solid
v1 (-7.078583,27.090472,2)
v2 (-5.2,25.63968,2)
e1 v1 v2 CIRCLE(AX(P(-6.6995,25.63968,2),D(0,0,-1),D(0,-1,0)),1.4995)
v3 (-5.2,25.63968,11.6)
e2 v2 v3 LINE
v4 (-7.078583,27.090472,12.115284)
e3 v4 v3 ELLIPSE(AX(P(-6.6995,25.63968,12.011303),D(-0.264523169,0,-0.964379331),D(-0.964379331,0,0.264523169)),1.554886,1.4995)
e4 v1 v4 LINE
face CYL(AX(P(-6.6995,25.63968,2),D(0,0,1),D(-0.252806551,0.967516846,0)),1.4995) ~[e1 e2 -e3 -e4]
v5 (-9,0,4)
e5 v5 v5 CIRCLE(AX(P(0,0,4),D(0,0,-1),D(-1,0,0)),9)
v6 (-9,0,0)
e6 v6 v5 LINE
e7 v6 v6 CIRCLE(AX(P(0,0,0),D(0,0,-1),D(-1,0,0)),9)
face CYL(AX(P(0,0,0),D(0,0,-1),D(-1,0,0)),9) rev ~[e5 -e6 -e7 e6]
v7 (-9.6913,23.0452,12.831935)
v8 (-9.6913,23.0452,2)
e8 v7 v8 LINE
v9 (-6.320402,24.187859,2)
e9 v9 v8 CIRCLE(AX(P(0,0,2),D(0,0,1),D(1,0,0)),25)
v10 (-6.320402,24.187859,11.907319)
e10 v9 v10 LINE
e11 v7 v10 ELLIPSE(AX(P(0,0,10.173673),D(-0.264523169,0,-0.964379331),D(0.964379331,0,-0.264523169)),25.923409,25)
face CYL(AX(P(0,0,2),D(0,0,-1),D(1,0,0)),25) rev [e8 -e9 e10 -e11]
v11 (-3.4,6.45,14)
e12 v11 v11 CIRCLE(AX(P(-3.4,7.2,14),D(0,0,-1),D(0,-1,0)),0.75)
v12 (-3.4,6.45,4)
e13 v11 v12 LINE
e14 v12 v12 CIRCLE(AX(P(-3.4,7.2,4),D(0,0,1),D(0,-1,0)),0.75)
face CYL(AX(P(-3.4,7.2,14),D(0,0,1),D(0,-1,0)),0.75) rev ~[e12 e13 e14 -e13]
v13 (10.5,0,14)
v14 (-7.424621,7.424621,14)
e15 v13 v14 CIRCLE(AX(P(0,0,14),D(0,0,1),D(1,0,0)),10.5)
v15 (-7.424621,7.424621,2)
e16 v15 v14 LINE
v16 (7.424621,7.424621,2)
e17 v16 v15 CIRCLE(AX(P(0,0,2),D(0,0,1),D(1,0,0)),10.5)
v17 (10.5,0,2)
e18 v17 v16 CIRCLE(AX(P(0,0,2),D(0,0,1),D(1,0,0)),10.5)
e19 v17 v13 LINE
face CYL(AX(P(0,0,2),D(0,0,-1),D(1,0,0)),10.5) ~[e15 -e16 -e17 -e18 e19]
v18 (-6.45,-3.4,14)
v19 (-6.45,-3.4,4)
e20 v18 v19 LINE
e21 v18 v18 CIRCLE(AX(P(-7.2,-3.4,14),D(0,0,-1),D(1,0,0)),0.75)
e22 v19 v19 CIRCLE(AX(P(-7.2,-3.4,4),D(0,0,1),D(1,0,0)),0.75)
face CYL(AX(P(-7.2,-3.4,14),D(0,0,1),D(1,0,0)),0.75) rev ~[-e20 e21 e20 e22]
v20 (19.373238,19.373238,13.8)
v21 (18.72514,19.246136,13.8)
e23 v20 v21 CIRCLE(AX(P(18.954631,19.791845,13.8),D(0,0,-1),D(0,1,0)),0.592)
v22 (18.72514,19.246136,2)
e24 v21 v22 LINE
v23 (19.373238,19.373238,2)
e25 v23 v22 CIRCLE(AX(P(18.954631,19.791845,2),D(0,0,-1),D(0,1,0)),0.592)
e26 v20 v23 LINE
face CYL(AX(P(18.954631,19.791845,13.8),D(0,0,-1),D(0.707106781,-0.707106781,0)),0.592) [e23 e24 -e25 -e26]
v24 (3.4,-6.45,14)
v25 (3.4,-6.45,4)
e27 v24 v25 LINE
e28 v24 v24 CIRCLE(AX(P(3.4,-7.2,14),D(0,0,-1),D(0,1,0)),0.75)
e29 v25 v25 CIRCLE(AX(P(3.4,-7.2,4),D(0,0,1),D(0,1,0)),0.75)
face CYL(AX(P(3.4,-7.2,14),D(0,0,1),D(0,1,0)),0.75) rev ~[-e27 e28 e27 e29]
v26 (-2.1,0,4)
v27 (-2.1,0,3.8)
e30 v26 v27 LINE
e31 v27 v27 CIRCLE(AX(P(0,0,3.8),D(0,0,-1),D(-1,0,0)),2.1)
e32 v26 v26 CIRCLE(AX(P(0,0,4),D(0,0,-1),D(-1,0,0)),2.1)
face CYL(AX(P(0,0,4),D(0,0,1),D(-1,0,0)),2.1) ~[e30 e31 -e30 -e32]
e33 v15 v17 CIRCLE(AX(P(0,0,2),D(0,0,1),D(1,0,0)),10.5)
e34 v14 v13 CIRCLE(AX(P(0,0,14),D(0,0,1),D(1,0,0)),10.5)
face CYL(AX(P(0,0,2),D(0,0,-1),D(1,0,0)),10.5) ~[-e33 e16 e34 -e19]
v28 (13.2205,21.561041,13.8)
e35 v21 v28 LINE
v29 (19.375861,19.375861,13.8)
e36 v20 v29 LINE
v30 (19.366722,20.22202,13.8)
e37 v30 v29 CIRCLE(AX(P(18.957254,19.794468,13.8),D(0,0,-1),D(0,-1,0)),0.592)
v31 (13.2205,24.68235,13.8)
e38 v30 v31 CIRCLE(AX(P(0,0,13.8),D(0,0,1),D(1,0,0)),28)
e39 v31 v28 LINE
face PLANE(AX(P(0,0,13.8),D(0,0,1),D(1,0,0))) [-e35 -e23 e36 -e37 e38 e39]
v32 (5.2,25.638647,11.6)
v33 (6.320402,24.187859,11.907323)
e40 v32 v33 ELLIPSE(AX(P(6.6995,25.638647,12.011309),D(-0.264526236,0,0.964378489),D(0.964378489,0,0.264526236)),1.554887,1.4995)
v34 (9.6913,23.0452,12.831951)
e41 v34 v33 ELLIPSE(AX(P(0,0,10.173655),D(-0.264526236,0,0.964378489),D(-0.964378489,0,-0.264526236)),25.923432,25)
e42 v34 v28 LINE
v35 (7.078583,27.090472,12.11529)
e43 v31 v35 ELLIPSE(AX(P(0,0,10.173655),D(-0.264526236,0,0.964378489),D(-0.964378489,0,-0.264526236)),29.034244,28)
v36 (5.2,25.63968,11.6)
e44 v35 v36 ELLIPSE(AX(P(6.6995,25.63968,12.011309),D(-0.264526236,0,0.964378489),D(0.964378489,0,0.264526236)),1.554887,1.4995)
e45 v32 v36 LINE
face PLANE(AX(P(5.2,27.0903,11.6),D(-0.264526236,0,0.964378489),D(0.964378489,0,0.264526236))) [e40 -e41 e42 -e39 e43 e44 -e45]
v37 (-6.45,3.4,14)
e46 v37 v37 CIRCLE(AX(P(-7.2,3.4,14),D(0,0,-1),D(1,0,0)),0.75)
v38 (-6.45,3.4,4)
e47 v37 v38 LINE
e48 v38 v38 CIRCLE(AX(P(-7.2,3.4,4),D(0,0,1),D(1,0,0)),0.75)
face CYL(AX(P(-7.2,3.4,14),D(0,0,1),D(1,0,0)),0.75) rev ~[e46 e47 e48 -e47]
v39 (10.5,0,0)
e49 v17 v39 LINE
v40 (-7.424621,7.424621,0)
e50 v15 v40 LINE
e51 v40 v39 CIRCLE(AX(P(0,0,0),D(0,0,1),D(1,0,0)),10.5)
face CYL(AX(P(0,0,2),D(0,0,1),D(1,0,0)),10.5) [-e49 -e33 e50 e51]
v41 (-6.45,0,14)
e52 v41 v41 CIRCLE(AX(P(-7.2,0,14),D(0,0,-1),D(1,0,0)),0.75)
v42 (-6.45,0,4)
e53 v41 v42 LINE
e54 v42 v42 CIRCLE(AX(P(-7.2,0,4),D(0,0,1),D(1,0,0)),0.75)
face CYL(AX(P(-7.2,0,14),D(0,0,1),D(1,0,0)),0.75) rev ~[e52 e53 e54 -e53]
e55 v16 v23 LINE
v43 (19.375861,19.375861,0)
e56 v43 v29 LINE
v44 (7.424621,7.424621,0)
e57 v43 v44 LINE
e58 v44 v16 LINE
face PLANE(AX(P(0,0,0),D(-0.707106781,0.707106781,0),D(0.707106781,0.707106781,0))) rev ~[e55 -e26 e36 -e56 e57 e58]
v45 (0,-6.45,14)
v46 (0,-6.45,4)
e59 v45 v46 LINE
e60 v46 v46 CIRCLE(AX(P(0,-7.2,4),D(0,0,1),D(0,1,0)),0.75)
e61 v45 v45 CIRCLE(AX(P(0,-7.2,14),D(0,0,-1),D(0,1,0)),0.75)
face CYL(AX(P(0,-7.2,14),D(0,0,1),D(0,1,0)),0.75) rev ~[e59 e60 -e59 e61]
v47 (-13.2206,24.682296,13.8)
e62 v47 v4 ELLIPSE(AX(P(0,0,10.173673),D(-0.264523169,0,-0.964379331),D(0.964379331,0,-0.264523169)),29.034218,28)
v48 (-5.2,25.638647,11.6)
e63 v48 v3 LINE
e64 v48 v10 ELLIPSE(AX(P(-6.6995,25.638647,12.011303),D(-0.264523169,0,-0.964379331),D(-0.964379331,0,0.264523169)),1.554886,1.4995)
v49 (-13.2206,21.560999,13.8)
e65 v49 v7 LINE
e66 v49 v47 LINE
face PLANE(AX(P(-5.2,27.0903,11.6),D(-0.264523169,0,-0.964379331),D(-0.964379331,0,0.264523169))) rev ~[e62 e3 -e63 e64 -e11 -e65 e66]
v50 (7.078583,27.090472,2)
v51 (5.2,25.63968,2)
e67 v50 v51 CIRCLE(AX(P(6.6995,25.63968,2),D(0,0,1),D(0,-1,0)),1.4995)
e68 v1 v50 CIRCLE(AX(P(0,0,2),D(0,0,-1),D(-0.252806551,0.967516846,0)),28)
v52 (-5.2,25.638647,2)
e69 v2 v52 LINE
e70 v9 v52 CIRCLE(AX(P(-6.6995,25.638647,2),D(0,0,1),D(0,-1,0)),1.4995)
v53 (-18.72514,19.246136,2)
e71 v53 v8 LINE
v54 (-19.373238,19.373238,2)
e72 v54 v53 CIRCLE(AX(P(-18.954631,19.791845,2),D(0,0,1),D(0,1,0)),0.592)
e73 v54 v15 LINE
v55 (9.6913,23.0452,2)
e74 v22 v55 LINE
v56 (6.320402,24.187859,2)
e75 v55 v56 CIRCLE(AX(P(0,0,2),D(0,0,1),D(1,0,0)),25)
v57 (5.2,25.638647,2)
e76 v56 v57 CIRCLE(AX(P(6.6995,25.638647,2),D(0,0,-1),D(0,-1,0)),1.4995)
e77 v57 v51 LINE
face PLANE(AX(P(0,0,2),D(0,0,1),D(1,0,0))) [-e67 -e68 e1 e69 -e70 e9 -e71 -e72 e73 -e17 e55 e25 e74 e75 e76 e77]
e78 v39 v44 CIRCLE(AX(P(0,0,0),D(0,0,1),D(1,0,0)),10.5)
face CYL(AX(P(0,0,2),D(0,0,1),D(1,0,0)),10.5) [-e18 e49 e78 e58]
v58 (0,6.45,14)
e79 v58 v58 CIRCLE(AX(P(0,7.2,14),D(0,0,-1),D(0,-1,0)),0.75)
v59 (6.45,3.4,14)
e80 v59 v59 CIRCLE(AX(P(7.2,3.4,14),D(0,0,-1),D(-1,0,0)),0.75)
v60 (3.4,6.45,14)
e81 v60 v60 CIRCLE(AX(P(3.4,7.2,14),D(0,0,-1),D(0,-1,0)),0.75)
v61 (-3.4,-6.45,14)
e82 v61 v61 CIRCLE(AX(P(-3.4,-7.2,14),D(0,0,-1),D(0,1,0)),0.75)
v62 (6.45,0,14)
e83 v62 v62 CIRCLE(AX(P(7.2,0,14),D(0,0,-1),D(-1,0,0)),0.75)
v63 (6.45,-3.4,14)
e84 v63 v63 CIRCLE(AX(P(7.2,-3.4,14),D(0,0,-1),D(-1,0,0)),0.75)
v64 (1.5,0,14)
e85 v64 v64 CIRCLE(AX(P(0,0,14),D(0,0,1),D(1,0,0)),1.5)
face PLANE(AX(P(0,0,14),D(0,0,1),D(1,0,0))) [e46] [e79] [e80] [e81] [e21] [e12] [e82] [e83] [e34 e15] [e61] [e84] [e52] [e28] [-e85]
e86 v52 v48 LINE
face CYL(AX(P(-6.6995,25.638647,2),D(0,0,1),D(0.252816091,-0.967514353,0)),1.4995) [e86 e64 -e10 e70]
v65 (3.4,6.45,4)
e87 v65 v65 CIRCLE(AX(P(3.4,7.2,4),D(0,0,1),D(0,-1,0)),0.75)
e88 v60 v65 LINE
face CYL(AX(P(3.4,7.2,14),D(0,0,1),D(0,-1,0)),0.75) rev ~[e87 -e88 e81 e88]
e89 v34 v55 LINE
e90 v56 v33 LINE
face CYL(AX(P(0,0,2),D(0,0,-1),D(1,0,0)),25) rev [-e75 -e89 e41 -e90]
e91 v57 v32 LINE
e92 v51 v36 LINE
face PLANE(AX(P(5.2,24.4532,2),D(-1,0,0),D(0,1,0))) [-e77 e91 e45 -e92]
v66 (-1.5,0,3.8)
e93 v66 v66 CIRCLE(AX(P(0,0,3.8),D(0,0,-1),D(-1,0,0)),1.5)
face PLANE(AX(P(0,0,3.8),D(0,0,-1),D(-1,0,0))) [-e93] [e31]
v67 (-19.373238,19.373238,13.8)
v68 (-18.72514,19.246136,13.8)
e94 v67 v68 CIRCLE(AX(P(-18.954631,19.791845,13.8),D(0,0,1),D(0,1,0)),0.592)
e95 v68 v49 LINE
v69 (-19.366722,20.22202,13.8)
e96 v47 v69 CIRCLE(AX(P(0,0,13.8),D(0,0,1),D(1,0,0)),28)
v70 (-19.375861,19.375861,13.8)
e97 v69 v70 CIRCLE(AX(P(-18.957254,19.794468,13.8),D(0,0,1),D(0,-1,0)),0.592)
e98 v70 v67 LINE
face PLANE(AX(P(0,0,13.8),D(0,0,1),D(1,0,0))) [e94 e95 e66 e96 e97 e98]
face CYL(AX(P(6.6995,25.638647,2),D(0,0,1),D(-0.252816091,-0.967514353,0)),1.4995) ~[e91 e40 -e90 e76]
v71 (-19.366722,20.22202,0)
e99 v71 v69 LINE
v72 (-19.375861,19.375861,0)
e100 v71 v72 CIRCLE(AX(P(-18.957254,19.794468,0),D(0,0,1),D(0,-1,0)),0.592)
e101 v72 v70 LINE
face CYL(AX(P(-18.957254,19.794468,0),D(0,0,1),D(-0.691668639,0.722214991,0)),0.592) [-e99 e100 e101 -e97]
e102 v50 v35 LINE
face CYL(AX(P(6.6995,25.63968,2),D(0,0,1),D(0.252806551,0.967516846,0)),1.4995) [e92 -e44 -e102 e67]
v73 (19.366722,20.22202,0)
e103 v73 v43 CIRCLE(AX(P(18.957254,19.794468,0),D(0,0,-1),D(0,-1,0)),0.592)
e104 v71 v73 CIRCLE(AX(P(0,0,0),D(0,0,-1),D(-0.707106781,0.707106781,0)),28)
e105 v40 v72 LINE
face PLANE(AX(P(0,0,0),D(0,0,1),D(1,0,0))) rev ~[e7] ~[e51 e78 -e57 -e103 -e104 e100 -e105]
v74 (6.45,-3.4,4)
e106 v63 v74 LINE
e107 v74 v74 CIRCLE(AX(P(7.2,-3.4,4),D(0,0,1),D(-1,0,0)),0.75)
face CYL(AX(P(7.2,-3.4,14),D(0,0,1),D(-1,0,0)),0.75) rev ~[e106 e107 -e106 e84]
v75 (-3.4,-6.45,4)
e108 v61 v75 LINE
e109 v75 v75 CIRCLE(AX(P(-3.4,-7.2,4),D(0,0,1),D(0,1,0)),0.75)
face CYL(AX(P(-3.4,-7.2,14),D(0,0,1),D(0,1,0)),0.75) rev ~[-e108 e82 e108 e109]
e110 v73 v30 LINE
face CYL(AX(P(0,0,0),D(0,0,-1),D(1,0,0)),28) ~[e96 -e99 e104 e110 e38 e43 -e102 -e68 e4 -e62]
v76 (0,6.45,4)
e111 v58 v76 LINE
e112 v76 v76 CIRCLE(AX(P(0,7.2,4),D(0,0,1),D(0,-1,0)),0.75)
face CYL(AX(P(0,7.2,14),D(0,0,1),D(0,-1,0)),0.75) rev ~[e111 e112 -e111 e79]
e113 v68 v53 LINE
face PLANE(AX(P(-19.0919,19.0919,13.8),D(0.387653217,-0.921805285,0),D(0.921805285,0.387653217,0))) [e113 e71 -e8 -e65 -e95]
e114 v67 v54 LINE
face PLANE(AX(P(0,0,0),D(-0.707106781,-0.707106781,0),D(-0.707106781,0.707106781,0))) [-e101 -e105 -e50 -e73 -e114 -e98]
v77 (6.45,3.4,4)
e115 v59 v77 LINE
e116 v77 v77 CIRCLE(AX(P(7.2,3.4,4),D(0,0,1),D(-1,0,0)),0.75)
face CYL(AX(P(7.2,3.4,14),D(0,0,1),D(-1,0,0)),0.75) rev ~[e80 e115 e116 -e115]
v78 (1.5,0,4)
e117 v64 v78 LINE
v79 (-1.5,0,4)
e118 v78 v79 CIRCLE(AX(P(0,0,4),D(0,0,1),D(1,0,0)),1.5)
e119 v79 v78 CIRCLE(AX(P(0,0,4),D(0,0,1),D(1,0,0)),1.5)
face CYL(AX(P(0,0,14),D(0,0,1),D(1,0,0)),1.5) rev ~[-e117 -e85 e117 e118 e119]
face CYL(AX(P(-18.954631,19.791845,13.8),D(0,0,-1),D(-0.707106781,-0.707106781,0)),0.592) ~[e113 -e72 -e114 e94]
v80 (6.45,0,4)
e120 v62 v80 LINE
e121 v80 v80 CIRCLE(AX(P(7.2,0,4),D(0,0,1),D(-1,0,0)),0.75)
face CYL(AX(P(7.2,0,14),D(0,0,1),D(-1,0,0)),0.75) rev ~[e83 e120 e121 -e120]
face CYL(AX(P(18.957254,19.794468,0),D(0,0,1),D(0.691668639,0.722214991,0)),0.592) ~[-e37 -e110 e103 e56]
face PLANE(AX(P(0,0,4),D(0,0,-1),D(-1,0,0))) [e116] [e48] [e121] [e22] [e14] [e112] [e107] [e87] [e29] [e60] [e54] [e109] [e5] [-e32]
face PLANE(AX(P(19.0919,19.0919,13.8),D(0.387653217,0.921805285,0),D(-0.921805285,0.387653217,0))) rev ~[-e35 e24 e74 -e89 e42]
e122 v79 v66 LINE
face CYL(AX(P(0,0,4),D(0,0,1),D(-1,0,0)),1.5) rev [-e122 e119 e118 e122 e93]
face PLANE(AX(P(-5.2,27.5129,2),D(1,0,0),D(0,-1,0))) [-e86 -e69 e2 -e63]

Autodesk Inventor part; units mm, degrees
ref_plane "YZ Plane" through (0, 0, 0) normal (1, 0, 0) x (0, 1, 0)
ref_plane "XZ Plane" through (0, 0, 0) normal (0, 1, 0) x (-1, 0, 0)
ref_plane "XY Plane" through (0, 0, 0) normal (0, 0, 1) x (1, 0, 0)
sketch "Эскиз1" plane through (0, 0, 0) normal (0, 0, 1) x (1, 0, 0)
  circle A0 centre (0, 0) radius 30
  circle A1 centre (0, 0) radius 25
  circle A2 centre (0, 0) radius 28
  line L0 (0, 0) -> (28, 0) construction
  line L1 (0, 0) -> (28, 0) construction
  line L2 (0, 28) -> (-5.2, 28)
  line L3 (-5.2, 28) -> (-5.2, 24.4532)
  line L4 (0, 0) -> (19.799, 19.799)
  line L5 (0, 0) -> (28, 0) construction
  line L6 (-0.4901, 1.1812) -> (26.3238, 1.1812) construction
  line L7 (0, 0) -> (-19.799, 19.799)
  line L8 (0, 0) -> (28, 0) construction
  line L9 (-5.2, 24.4532) -> (5.2, 24.4532)
  line L10 (5.2, 24.4532) -> (5.2, 28)
  line L11 (5.2, 28) -> (0, 28)
  point P0 (4.9999, 24.4949)
  point P1 (-19.4504, 20.1415)
  point P2 (-5.2, 27.5129)
  dimension "d0" = 60
  dimension "d1" = 50
  dimension "d2" = 56
  dimension "d5" = 5.2
  dimension "d7" = 45
  dimension "d11" = 135
  dimension "d19" = 10.4
extrude "Выдавливание1" add sketch "Эскиз1" along normal blind 2 contours L9 A1 | L10 A2 L4 A1 | A1 L4 L7 L9 | A1 L3 A2 L10 | A1 L7 A2 L3
sketch "Эскиз2" plane through (0, 0, 2) normal (0, 0, 1) x (1, 0, 0)
  line L0 (-19.799, 19.799) -> (0, 0) projected
  circle A0 centre (0, 0) radius 25
  line L1 (-5.2, 28) -> (-5.2, 27.5129) projected
  circle A1 centre (0, 0) radius 28
  arc A2 (19.799, 19.799) -> (-19.799, 19.799) centre (0, 0) ccw projected
  line L2 (-5.2, 27.5129) -> (-5.2, 24.4532)
  line L3 (0, 0) -> (19.799, 19.799) projected
  line L4 (19.799, 19.799) -> (17.6777, 17.6777)
  line L5 (-19.799, 19.799) -> (-17.6777, 17.6777)
  line L6 (-5.2, 24.4532) -> (5.2, 24.4532)
  line L7 (5.2, 24.4532) -> (5.2, 27.5129)
  point P0 (4.9999, 24.4949)
  point P1 (4.9874, 27.5522)
  point P2 (0, 28)
  dimension "d20" = 10.4
extrude "Выдавливание2" add sketch "Эскиз2" along normal blind 11.8 contours A1 L2 A0 L0 | A1 L3 A0 L7
fillet "Сопряжение1" radius 1.5 4 edges at (5.2, 27.5129, 7.9) (5.2, 24.4532, 7.9) (-5.2, 27.5129, 7.9) (-5.2, 24.4532, 7.9)
sketch "Эскиз4" plane through (0, 0, 2) normal (0, 0, 1) x (1, 0, 0)
  line L0 (-17.6777, 17.6777) -> (0, 0) projected
  circle A0 centre (0, 0) radius 10.5
  dimension "d25" = 21
extrude "Выдавливание3" add sketch "Эскиз4" along normal blind 12 and the other way blind 2
sketch "Эскиз3" plane through (0, 0, 2) normal (0, 0, 1) x (1, 0, 0)
  line L0 (0, 28) -> (0, 29)
  line L1 (0, 29) -> (-5, 29)
  line L2 (-5, 29) -> (-5, 19)
  line L3 (-5, 19) -> (5, 19)
  line L4 (0, 29) -> (5, 29)
  line L5 (5, 29) -> (5, 19)
  line L6 (-1.7678, 18.2322) -> (-10, 10)
  line L7 (-19.799, 19.799) -> (-7.4246, 7.4246) projected
  line L8 (1.7678, 18.2322) -> (10, 10)
  line L9 (7.4246, 7.4246) -> (17.6777, 17.6777) projected
  line L10 (10, 10) -> (7.8787, 7.8787)
  circle A0 centre (0, 0) radius 11.1421
  line L11 (-10, 10) -> (-7.8787, 7.8787)
  arc A1 (1.7678, 18.2322) -> (-1.7678, 18.2322) centre (0, 16.4645) ccw
  line L12 (-10, 10) -> (-2.9289, 17.0711)
  line L13 (-2.9289, 17.0711) -> (-10, 24.1421)
  line L14 (-10, 24.1421) -> (-17.0711, 17.0711)
  line L15 (-10, 10) -> (-17.0711, 17.0711)
  line L16 (-7.4246, 7.4246) -> (0, 0)
  arc A2 (7.4246, 7.4246) -> (-7.4246, 7.4246) centre (0, 0) ccw projected
  line L17 (0, 0) -> (7.4246, 7.4246)
  circle A3 centre (0, 0) radius 28
  circle A4 centre (0, 0) radius 25
  line L18 (0, 11.1421) -> (0, 35.3553)
  line L19 (10, 10) -> (27.088, -7.088)
  line L20 (-10, 10) -> (-27.088, -7.088)
  line L21 (27.088, -7.088) -> (-27.088, -7.088)
  line L22 (-17.0711, 17.0711) -> (-21.6622, 12.4799)
  line L23 (-21.6622, 12.4799) -> (-27.1, 7.0422)
  line L24 (10, 10) -> (17.0711, 17.0711)
  line L25 (17.0711, 17.0711) -> (21.6622, 12.4799)
  line L26 (21.6622, 12.4799) -> (12.4799, 21.6622)
  arc A5 (17.6777, 17.6777) -> (6.3208, 24.1878) centre (0, 0) ccw projected
  dimension "d21" = 1
  dimension "d22" = 5
  dimension "d23" = 10
  dimension "d24" = 10
  dimension "d31" = 3
  dimension "d32" = 2.5
  dimension "d33" = 10
  dimension "d34" = 10
  dimension "d35" = 22.2843
  dimension "d36" = 16.4645
  dimension "d37" = 7.8223
  dimension "d38" = 10
sketch "Эскиз5" plane through (0, 0, 13.8) normal (0, 0, 1) x (1, 0, 0)
  line L0 (-19.799, 19.799) -> (-7.4246, 7.4246) projected
  line L1 (-19.799, 19.799) -> (-19.0919, 19.0919)
  line L2 (-19.0919, 19.0919) -> (-9.6913, 23.0452)
  arc A0 (-6.3208, 24.1878) -> (-17.6777, 17.6777) centre (0, 0) ccw projected
  line L3 (17.6777, 17.6777) -> (19.799, 19.799) projected
  line L4 (19.799, 19.799) -> (19.0919, 19.0919)
  line L5 (19.0919, 19.0919) -> (9.6913, 23.0452)
  arc A1 (17.6777, 17.6777) -> (6.3208, 24.1878) centre (0, 0) ccw projected
  line L6 (7.4246, 7.4246) -> (17.6777, 17.6777) projected
  line L7 (19.0919, 19.0919) -> (17.6777, 17.6777)
  line L8 (-19.0919, 19.0919) -> (-17.6777, 17.6777)
  circle A2 centre (0, 0) radius 25
  dimension "d39" = 1
  dimension "d40" = 1
extrude "Выдавливание4" cut sketch "Эскиз5" against normal blind 11.8 contours L2 A0 L0 | A1 L5 L3
fillet "Сопряжение2" radius 0.595 4 edges at (19.799, 19.799, 6.9) (19.0919, 19.0919, 7.9) (-19.799, 19.799, 6.9) (-19.0919, 19.0919, 7.9)
sketch "Эскиз6" plane through (0, 0, 14) normal (0, 0, 1) x (1, 0, 0)
  circle A0 centre (0, 0) radius 1.5
  dimension "d44" = 3
extrude "Выдавливание5" cut sketch "Эскиз6" against normal blind 14
sketch "Эскиз7" plane through (0, 0, 14) normal (0, 0, 1) x (1, 0, 0)
  circle A0 centre (0, 0) radius 1.5 projected
  line L0 (0, 0) -> (-7.2, 0)
  circle A1 centre (-7.2, 0) radius 0.75
  line L1 (-7.2, 0) -> (-7.2, 3.4)
  line L2 (-7.2, 3.4) -> (-7.2, -3.4)
  circle A2 centre (-7.2, 3.4) radius 0.75
  circle A3 centre (-7.2, -3.4) radius 0.75
  dimension "d47" = 7.2
  dimension "d48" = 1.5
  dimension "d49" = 3.4
  dimension "d50" = 6.8
  dimension "d51" = 1.5
  dimension "d52" = 1.5
extrude "Выдавливание6" cut sketch "Эскиз7" against normal blind 14 contours A3 | A2 | A1 L2 L0 | L0 L1 A1 | L2 A1 L1
pattern_circular "Круговой массив1" count 4 over 360 about axis through (0, 0, 14) along (0, 0, -1) of "Выдавливание6"
sketch "Эскиз8" plane through (0, 0, 0) normal (0, 0, -1) x (-1, 0, 0)
  circle A0 centre (0, 0) radius 1.5 projected
  circle A1 centre (0, 0) radius 1.5 projected
  circle A2 centre (0, 0) radius 9
  dimension "d61" = 18
extrude "Выдавливание7" cut sketch "Эскиз8" against normal blind 4
sketch "Эскиз12" plane through (0, 0, 13.8) normal (0, 0, 1) x (1, 0, 0)
  arc A0 (-7.0792, 27.0903) -> (-19.3619, 20.2267) centre (0, 0) ccw projected
  arc A1 (7.0792, 27.0903) -> (6.3208, 24.1878) centre (6.7, 25.639) ccw projected
  line L0 (-7.0792, 27.0903) -> (7.0792, 27.0903)
  line L1 (7.0792, 27.0903) -> (7.0792, 24.1878)
  line L2 (7.0792, 24.1878) -> (-7.0792, 24.1878)
  line L3 (-7.0792, 24.1878) -> (-7.0792, 27.0903)
extrude "Выдавливание8" add sketch "Эскиз12" along normal blind 11.8 contours L1 L2 A1 L0 | A1 L2 L3 L0
sketch "Эскиз13" plane through (-6.3208, 27.0903, 13.8) normal (0, 1, 0) x (1, 0, 0)
  line L0 (11.5208, 11.8) -> (11.5208, 0) projected
  line L1 (11.5208, 0) -> (11.5208, 2.2)
  line L2 (11.5208, 2.2) -> (19.5413, 0)
  line L3 (13.4, 0) -> (25.6826, 0) projected
  line L4 (11.5208, 0) -> (19.5413, 0)
  line L5 (12.6415, 0) -> (0, 0) projected
  line L6 (1.1208, 11.8) -> (1.1208, 0) projected
  line L7 (1.1208, 0) -> (1.1208, 2.2)
  line L8 (1.1208, 2.2) -> (-6.8998, 0)
  line L9 (-13.0411, 0) -> (-0.7585, 0) projected
  line L10 (1.1208, 0) -> (0, 0) projected
  line L11 (1.1208, 0) -> (-6.8998, 0)
  line L12 (-0.7585, 11.8) -> (-0.7585, 0) projected
  line L13 (13.4, -11.8) -> (-0.7585, -11.8) projected
  line L14 (-0.7585, 0) -> (-0.7585, -11.8)
  line L15 (-0.7585, -11.8) -> (13.4, -11.8)
  line L16 (13.4, 0) -> (13.4, -11.8) projected
  line L17 (13.4, -11.8) -> (13.4, 0)
  line L18 (13.4, 0) -> (-0.7585, 0)
  point P0 (6.3208, 13.8)
  dimension "d64" = 2.2
extrude "Выдавливание9" cut sketch "Эскиз13" against normal mid plane 11.8
sketch "Эскиз15" plane through (0, 0, 4) normal (0, 0, -1) x (-1, 0, 0)
  circle A0 centre (0, 0) radius 2.1
  circle A1 centre (0, 0) radius 1.5 projected
  dimension "d67" = 4.2
extrude "Выдавливание10" add sketch "Эскиз15" along normal blind 0.2
properties part number "pizza_disk"
